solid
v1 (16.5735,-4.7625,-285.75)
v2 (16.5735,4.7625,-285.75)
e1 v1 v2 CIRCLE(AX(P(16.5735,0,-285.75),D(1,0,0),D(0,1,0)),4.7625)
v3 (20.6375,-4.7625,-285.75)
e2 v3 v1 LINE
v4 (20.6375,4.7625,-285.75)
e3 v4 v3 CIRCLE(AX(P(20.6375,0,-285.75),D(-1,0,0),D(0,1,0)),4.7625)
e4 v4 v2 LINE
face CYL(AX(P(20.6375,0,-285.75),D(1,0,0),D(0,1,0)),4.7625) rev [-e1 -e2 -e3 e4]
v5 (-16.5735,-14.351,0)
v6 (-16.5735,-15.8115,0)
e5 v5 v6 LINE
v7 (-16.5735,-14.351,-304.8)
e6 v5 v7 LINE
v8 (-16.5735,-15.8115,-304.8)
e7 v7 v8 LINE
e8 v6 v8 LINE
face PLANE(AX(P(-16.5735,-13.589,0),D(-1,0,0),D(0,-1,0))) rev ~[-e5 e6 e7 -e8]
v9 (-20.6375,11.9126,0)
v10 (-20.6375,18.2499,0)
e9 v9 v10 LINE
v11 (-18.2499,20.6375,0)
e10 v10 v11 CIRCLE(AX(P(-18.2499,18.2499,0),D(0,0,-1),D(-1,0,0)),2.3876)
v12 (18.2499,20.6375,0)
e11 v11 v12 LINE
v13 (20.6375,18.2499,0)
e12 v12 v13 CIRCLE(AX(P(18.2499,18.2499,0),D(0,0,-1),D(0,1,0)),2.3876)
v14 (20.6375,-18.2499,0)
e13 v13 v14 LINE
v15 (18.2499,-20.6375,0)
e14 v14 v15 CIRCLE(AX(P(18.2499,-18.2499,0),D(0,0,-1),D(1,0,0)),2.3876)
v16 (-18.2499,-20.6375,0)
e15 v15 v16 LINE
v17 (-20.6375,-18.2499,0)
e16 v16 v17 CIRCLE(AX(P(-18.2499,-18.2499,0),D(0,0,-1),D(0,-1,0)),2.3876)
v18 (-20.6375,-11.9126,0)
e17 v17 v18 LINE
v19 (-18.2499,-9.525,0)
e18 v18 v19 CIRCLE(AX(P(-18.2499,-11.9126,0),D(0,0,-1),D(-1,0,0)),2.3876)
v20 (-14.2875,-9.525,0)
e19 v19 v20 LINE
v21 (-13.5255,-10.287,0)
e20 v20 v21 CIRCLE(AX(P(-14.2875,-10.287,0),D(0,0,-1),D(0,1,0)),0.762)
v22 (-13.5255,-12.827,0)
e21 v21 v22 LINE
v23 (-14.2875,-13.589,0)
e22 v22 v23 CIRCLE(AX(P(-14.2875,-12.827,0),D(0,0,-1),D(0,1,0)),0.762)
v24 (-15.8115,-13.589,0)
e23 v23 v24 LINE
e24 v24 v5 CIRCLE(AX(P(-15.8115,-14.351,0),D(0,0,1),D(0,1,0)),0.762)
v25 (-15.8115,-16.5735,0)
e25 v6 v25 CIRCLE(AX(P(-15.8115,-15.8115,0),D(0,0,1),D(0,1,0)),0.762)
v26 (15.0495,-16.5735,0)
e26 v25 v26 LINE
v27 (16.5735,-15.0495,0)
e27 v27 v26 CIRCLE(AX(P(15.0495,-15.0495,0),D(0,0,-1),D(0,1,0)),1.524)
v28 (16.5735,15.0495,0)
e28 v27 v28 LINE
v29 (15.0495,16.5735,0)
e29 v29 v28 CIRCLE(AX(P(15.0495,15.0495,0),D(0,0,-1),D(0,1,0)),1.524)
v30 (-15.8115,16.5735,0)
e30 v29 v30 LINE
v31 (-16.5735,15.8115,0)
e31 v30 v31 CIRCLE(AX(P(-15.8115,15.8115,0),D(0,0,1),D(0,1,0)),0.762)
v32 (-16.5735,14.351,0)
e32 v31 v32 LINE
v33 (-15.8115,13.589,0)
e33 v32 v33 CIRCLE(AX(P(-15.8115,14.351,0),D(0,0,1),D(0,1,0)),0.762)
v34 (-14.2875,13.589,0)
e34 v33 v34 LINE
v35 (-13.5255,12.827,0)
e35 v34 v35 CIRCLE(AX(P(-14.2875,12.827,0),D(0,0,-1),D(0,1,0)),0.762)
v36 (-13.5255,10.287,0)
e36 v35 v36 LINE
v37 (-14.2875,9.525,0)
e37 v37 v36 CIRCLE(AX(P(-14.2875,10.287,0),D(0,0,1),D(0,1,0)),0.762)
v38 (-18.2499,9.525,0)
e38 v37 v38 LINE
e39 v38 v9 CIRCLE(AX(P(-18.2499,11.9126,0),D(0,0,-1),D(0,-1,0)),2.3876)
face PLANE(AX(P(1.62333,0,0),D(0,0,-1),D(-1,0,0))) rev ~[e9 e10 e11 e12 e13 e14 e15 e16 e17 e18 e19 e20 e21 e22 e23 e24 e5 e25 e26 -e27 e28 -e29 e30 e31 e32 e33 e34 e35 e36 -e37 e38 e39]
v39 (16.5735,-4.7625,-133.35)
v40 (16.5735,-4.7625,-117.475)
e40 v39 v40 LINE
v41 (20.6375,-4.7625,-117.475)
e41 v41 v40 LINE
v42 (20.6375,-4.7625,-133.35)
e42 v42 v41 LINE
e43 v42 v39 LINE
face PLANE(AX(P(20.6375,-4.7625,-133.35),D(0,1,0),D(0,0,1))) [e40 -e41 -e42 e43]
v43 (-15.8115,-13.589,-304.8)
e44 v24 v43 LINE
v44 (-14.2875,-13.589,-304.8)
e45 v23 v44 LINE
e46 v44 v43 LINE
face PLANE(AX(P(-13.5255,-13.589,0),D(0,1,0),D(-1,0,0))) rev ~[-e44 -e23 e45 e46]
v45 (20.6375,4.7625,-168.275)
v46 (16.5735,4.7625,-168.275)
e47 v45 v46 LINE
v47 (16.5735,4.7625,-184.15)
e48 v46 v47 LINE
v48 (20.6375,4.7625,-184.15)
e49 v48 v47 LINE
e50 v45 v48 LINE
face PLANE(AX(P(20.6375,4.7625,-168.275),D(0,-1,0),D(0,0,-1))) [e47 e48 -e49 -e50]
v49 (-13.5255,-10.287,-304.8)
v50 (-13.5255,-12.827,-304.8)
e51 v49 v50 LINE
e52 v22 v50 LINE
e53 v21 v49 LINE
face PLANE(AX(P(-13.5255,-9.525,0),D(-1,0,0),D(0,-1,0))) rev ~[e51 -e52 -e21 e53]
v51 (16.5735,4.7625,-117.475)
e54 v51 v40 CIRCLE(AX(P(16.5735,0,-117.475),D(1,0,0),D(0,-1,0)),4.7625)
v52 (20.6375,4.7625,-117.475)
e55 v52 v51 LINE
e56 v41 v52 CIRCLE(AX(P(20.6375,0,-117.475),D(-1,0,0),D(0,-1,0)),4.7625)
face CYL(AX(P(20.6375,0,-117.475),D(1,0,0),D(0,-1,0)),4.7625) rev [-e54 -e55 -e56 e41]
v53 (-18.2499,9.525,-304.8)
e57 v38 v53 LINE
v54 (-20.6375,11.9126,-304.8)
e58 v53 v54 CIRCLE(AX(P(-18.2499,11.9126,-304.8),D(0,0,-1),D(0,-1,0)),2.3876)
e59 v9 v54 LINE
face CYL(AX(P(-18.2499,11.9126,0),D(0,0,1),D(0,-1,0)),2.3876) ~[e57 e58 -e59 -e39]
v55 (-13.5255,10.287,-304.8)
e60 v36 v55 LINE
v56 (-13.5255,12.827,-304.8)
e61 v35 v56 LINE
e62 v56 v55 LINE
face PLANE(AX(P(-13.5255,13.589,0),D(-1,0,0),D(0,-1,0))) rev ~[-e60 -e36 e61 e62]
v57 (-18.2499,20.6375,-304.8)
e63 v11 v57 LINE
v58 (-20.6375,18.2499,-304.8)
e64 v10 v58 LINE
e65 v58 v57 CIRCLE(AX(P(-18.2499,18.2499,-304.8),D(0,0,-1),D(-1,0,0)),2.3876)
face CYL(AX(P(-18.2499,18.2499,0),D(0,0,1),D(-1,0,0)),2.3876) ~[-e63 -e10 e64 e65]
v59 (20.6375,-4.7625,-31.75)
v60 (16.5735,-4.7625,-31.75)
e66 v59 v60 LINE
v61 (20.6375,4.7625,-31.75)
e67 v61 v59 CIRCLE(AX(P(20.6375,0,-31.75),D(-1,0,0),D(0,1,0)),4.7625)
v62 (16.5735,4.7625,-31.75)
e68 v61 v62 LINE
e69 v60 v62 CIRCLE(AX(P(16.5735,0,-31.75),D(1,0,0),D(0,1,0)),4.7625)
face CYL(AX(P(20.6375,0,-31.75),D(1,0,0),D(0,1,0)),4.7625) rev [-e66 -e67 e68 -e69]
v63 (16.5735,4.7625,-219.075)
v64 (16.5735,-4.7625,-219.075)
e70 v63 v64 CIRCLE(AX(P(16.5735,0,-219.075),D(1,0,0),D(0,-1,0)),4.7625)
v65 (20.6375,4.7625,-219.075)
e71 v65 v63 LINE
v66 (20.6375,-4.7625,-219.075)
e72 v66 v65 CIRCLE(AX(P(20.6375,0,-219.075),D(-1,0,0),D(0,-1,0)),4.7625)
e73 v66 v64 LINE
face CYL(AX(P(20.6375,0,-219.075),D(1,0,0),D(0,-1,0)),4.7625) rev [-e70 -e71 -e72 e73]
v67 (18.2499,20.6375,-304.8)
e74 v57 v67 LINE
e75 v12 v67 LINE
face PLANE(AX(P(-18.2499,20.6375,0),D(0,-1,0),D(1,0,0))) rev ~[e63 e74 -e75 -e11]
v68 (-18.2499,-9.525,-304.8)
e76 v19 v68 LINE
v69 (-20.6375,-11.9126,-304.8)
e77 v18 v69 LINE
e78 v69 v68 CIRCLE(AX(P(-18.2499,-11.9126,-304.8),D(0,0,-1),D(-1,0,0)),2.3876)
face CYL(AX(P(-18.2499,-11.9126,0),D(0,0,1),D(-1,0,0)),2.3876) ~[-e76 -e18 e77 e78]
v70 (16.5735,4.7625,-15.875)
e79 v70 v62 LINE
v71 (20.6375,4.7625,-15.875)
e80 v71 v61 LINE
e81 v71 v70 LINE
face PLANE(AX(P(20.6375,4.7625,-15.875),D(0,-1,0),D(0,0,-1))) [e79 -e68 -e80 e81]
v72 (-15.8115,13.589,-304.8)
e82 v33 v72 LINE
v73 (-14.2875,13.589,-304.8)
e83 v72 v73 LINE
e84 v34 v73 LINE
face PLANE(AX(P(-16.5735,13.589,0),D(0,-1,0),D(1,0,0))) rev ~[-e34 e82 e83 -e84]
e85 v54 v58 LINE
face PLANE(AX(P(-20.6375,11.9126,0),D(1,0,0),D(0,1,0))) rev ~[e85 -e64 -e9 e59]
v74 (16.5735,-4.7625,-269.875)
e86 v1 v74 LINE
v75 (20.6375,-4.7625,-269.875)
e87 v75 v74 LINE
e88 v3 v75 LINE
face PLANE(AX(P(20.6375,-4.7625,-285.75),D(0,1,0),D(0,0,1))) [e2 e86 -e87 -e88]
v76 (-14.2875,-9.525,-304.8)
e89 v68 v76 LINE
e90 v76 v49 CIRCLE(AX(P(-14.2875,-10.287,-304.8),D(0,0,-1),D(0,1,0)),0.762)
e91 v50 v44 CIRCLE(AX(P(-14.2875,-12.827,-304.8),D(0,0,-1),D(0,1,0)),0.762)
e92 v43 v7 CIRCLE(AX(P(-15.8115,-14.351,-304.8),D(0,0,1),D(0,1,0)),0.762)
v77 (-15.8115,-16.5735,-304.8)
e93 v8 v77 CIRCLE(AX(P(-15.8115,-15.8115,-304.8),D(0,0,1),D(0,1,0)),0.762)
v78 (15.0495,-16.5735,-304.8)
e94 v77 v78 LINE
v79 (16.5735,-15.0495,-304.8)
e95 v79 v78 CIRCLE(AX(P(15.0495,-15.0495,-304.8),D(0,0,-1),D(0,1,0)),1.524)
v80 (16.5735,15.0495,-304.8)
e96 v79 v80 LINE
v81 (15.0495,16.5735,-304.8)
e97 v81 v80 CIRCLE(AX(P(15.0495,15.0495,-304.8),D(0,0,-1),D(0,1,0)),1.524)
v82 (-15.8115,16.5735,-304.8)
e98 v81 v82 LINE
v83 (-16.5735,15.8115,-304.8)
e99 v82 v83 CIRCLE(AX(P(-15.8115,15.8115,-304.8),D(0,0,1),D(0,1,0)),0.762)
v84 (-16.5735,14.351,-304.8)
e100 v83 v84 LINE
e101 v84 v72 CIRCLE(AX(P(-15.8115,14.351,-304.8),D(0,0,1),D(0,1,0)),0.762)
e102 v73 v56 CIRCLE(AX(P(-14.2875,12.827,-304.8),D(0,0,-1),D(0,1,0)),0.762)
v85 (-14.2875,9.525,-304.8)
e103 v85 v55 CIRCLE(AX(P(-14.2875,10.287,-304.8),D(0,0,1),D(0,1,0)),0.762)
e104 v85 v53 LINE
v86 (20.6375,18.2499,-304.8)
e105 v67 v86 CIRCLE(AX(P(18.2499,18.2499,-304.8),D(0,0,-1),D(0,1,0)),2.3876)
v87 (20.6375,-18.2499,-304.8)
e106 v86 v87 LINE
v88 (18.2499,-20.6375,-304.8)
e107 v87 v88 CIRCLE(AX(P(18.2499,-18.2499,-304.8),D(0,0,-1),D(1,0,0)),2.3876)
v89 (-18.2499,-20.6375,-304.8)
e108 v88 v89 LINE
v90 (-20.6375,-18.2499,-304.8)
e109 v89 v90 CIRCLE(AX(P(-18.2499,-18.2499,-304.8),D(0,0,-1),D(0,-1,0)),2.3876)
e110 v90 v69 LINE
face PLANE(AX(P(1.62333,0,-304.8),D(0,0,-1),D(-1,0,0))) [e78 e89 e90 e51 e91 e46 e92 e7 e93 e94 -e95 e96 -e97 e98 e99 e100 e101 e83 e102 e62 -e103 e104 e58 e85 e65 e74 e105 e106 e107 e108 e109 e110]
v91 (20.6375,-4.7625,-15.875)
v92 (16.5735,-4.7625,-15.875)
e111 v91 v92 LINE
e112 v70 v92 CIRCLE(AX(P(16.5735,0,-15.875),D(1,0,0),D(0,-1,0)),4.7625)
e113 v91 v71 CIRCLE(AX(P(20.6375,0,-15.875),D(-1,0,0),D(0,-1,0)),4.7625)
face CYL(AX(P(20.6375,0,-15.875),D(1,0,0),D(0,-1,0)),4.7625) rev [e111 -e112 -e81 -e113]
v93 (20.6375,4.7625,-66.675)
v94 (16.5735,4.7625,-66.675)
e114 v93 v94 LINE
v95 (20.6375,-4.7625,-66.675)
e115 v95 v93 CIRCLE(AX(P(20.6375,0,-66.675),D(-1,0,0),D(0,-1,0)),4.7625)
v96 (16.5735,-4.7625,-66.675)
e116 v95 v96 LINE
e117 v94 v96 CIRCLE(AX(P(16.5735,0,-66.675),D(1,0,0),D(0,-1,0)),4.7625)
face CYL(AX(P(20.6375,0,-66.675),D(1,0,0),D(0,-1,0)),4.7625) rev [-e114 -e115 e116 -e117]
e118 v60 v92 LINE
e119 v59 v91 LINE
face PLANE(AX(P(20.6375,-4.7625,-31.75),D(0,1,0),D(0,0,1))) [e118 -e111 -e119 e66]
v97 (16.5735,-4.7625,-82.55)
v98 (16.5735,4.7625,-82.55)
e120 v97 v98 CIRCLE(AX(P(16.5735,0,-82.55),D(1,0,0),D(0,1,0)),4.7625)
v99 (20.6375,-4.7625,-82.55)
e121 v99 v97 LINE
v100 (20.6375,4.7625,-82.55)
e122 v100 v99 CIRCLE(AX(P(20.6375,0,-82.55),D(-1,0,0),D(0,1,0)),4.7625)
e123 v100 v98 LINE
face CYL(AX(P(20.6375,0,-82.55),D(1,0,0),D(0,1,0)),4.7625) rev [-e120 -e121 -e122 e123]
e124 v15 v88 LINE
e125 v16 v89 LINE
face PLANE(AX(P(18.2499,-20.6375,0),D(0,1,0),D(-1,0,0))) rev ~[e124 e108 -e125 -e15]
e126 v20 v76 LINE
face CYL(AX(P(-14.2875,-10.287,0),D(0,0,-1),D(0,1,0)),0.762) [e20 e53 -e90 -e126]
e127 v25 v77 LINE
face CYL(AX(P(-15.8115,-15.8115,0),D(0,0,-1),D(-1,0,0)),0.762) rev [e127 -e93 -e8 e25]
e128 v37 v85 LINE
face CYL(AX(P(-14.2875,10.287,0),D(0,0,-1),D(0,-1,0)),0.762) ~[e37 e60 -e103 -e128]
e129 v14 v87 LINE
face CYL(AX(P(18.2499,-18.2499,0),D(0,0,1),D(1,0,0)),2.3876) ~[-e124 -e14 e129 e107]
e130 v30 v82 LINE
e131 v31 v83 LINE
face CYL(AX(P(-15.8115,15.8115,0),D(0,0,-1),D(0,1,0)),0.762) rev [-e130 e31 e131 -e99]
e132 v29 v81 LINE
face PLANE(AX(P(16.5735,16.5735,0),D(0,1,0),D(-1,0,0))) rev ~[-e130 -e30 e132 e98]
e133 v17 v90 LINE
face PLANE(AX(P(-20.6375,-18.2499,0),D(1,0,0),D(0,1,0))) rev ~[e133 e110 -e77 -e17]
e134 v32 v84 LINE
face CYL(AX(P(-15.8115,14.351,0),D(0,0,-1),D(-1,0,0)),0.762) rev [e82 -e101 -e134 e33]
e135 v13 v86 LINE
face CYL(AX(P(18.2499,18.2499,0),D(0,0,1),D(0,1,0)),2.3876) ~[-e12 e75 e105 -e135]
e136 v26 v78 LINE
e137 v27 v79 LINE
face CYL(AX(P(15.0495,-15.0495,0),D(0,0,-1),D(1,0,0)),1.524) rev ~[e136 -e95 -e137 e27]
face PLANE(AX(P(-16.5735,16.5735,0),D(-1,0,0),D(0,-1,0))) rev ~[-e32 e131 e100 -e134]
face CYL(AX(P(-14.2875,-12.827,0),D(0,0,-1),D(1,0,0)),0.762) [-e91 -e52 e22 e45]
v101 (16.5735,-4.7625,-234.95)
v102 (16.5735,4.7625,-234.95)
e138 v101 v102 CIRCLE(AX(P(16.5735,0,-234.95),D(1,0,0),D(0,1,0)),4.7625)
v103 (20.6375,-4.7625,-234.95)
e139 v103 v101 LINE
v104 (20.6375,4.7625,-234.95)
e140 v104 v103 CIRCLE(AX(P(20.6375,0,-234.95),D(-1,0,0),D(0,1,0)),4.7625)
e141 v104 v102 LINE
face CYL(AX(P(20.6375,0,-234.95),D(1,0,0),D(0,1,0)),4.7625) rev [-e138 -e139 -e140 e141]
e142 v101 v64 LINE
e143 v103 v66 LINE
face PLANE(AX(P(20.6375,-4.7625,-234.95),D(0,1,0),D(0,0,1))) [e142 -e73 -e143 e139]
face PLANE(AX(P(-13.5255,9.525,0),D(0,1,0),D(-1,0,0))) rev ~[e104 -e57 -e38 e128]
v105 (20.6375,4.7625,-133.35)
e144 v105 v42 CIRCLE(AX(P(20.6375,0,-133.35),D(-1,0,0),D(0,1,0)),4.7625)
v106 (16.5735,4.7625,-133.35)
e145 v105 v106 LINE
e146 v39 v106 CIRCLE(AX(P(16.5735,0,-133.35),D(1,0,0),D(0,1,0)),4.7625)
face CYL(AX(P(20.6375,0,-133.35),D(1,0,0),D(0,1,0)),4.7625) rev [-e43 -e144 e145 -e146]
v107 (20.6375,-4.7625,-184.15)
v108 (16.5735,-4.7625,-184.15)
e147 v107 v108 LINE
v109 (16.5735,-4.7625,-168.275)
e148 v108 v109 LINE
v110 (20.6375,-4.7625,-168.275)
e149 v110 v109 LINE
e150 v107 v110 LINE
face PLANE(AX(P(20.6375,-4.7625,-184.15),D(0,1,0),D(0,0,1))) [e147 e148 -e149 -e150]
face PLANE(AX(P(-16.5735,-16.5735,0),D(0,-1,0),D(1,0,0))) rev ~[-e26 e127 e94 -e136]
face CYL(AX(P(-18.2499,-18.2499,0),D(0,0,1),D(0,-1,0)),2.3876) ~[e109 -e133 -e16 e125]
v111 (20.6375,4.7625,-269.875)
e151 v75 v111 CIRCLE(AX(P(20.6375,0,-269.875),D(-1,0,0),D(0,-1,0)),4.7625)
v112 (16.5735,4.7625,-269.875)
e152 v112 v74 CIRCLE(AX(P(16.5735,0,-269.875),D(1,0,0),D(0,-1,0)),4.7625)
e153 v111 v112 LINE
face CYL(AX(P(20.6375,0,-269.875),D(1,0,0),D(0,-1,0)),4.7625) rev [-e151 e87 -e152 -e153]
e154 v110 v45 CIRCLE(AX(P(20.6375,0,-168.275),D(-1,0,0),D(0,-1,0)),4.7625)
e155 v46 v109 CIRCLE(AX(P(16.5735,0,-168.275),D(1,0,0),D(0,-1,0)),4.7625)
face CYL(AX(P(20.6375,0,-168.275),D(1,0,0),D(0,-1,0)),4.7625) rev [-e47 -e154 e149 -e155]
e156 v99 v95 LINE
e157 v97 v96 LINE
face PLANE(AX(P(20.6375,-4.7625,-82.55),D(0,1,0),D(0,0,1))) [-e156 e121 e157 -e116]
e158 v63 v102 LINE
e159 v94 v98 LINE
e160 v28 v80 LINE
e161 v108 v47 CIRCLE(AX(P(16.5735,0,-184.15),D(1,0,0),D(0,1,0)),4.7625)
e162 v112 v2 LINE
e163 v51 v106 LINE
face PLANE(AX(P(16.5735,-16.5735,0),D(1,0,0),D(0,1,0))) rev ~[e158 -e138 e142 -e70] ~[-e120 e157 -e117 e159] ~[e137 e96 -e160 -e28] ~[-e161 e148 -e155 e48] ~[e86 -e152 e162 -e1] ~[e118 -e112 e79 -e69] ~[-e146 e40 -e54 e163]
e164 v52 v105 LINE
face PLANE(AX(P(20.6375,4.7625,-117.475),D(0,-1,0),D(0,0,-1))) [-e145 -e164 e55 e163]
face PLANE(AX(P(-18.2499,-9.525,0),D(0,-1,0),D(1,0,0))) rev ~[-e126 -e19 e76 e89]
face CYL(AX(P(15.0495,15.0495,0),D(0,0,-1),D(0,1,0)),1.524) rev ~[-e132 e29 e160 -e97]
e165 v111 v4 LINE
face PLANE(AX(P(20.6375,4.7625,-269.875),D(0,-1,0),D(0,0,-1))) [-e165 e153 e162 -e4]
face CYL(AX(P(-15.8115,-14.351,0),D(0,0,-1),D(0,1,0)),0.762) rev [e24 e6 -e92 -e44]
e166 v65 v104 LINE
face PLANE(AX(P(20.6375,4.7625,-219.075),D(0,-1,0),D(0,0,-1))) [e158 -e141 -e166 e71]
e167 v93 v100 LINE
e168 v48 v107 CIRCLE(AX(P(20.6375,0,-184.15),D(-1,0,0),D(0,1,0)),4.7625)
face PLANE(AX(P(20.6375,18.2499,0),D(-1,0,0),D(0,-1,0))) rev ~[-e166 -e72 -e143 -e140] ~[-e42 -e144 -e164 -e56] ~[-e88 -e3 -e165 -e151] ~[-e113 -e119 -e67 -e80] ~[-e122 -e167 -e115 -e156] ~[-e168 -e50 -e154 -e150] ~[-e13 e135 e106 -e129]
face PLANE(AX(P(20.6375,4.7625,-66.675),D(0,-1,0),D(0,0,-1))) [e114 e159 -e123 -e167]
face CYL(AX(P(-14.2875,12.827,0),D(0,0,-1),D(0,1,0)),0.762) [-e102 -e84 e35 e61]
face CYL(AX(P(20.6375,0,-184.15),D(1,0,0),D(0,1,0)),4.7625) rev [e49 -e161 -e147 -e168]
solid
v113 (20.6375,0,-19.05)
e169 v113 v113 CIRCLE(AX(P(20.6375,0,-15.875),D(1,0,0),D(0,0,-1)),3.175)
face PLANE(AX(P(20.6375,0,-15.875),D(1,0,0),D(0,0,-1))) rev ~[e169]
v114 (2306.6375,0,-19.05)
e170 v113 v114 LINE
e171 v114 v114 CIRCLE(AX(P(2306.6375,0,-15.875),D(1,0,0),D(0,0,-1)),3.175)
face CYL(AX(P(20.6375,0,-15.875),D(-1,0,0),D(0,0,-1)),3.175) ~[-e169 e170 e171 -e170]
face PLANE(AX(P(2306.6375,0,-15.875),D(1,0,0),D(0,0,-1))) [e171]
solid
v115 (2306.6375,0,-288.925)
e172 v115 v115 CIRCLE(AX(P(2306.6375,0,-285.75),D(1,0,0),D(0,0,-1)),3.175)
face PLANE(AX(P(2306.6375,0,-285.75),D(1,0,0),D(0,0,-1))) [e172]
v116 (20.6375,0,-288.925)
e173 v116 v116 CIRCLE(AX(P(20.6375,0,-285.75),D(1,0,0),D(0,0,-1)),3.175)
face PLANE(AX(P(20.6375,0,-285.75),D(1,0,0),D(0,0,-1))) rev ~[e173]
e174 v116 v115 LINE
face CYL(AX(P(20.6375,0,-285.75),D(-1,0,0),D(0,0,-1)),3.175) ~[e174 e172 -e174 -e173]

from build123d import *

# Parameters (mm, degrees)
EXTRUDE_THIN1_DEPTH   = 304.8
FILLET2_R             = 0.762
FILLET3_R             = 1.524
CUT_EXTRUDE1_DEPTH    = 309.273534432
LPATTERN1_COUNT       = 6
LPATTERN1_PITCH       = 50.8
SKETCH4_R             = 3.175
BOSS_EXTRUDE1_DEPTH   = 2286
BOSS_EXTRUDE1_2_DEPTH = 2286


with BuildPart() as part:
    # Sketch1 → Extrude-Thin1 (new body)
    with BuildSketch(Plane.XY):
        with BuildLine():
            Line((-13.5255, 9.525), (-18.2499, 9.525))
            ThreePointArc((-18.2499, 9.525), (-19.938188151, 10.224311849), (-20.6375, 11.9126))
            Line((-20.6375, 11.9126), (-20.6375, 18.2499))
            ThreePointArc((-20.6375, 18.2499), (-19.938188151, 19.938188151), (-18.2499, 20.6375))
            Line((-18.2499, 20.6375), (18.2499, 20.6375))
            ThreePointArc((18.2499, 20.6375), (19.938188151, 19.938188151), (20.6375, 18.2499))
            Line((20.6375, 18.2499), (20.6375, -18.2499))
            ThreePointArc((20.6375, -18.2499), (19.938188151, -19.938188151), (18.2499, -20.6375))
            Line((18.2499, -20.6375), (-18.2499, -20.6375))
            ThreePointArc((-18.2499, -20.6375), (-19.938188151, -19.938188151), (-20.6375, -18.2499))
            Line((-20.6375, -18.2499), (-20.6375, -11.9126))
            ThreePointArc((-20.6375, -11.9126), (-19.938188151, -10.224311849), (-18.2499, -9.525))
            Line((-18.2499, -9.525), (-13.5255, -9.525))
            Line((-13.5255, -9.525), (-13.5255, -13.589))
            Line((-13.5255, -13.589), (-16.5735, -13.589))
            Line((-16.5735, -13.589), (-16.5735, -16.5735))
            Line((-16.5735, -16.5735), (16.5735, -16.5735))
            Line((16.5735, -16.5735), (16.5735, 16.5735))
            Line((16.5735, 16.5735), (-16.5735, 16.5735))
            Line((-16.5735, 16.5735), (-16.5735, 13.589))
            Line((-16.5735, 13.589), (-13.5255, 13.589))
            Line((-13.5255, 13.589), (-13.5255, 9.525))
        make_face()
    extrude(amount=-EXTRUDE_THIN1_DEPTH)

    # Fillet2
    fillet2_edges = [part.edges().sort_by_distance(p)[0] for p in [
        (-16.5735, -13.589, -152.4),
        (-16.5735, -16.5735, -152.4),
        (-16.5735, 16.5735, -152.4),
        (-16.5735, 13.589, -152.4),
        (-13.5255, 13.589, -152.4),
        (-13.5255, 9.525, -152.4),
        (-13.5255, -9.525, -152.4),
        (-13.5255, -13.589, -152.4),
    ]]
    fillet(fillet2_edges, radius=FILLET2_R)

    # Fillet3
    fillet3_edges = [part.edges().sort_by_distance(p)[0] for p in [
        (16.5735, -16.5735, -152.4),
        (16.5735, 16.5735, -152.4),
    ]]
    fillet(fillet3_edges, radius=FILLET3_R)

    # Sketch2 → Cut-Extrude1 (cut, through all)
    with BuildSketch(Plane(origin=(20.6375, 0, 0), x_dir=(0, 0, -1), z_dir=(1, 0, 0))):
        with BuildLine():
            Line((15.875, 4.7625), (31.75, 4.7625))
            ThreePointArc((31.75, 4.7625), (36.5125, 0), (31.75, -4.7625))
            Line((31.75, -4.7625), (15.875, -4.7625))
            ThreePointArc((15.875, -4.7625), (11.1125, 0), (15.875, 4.7625))
        make_face()
    cut_extrude1 = extrude(amount=-CUT_EXTRUDE1_DEPTH, mode=Mode.SUBTRACT)

    # LPattern1: Cut-Extrude1 ×6
    with Locations(*[(0, 0, -i * LPATTERN1_PITCH) for i in range(1, LPATTERN1_COUNT)]):
        add(cut_extrude1, mode=Mode.SUBTRACT)


with BuildPart() as body_2:
    # Sketch4 → Boss-Extrude1 (new body)
    with BuildSketch(Plane(origin=(20.6375, 0, 0), x_dir=(0, 0, -1), z_dir=(1, 0, 0))):
        with Locations((15.875, 0)):
            Circle(SKETCH4_R)
    extrude(amount=BOSS_EXTRUDE1_DEPTH)


with BuildPart() as body_3:
    # Sketch4 → Boss-Extrude1 2 (new body)
    with BuildSketch(Plane(origin=(20.6375, 0, 0), x_dir=(0, 0, -1), z_dir=(1, 0, 0))):
        with Locations((285.75, 0)):
            Circle(SKETCH4_R)
    extrude(amount=BOSS_EXTRUDE1_2_DEPTH)


solid = Compound([part.part, body_2.part, body_3.part])
